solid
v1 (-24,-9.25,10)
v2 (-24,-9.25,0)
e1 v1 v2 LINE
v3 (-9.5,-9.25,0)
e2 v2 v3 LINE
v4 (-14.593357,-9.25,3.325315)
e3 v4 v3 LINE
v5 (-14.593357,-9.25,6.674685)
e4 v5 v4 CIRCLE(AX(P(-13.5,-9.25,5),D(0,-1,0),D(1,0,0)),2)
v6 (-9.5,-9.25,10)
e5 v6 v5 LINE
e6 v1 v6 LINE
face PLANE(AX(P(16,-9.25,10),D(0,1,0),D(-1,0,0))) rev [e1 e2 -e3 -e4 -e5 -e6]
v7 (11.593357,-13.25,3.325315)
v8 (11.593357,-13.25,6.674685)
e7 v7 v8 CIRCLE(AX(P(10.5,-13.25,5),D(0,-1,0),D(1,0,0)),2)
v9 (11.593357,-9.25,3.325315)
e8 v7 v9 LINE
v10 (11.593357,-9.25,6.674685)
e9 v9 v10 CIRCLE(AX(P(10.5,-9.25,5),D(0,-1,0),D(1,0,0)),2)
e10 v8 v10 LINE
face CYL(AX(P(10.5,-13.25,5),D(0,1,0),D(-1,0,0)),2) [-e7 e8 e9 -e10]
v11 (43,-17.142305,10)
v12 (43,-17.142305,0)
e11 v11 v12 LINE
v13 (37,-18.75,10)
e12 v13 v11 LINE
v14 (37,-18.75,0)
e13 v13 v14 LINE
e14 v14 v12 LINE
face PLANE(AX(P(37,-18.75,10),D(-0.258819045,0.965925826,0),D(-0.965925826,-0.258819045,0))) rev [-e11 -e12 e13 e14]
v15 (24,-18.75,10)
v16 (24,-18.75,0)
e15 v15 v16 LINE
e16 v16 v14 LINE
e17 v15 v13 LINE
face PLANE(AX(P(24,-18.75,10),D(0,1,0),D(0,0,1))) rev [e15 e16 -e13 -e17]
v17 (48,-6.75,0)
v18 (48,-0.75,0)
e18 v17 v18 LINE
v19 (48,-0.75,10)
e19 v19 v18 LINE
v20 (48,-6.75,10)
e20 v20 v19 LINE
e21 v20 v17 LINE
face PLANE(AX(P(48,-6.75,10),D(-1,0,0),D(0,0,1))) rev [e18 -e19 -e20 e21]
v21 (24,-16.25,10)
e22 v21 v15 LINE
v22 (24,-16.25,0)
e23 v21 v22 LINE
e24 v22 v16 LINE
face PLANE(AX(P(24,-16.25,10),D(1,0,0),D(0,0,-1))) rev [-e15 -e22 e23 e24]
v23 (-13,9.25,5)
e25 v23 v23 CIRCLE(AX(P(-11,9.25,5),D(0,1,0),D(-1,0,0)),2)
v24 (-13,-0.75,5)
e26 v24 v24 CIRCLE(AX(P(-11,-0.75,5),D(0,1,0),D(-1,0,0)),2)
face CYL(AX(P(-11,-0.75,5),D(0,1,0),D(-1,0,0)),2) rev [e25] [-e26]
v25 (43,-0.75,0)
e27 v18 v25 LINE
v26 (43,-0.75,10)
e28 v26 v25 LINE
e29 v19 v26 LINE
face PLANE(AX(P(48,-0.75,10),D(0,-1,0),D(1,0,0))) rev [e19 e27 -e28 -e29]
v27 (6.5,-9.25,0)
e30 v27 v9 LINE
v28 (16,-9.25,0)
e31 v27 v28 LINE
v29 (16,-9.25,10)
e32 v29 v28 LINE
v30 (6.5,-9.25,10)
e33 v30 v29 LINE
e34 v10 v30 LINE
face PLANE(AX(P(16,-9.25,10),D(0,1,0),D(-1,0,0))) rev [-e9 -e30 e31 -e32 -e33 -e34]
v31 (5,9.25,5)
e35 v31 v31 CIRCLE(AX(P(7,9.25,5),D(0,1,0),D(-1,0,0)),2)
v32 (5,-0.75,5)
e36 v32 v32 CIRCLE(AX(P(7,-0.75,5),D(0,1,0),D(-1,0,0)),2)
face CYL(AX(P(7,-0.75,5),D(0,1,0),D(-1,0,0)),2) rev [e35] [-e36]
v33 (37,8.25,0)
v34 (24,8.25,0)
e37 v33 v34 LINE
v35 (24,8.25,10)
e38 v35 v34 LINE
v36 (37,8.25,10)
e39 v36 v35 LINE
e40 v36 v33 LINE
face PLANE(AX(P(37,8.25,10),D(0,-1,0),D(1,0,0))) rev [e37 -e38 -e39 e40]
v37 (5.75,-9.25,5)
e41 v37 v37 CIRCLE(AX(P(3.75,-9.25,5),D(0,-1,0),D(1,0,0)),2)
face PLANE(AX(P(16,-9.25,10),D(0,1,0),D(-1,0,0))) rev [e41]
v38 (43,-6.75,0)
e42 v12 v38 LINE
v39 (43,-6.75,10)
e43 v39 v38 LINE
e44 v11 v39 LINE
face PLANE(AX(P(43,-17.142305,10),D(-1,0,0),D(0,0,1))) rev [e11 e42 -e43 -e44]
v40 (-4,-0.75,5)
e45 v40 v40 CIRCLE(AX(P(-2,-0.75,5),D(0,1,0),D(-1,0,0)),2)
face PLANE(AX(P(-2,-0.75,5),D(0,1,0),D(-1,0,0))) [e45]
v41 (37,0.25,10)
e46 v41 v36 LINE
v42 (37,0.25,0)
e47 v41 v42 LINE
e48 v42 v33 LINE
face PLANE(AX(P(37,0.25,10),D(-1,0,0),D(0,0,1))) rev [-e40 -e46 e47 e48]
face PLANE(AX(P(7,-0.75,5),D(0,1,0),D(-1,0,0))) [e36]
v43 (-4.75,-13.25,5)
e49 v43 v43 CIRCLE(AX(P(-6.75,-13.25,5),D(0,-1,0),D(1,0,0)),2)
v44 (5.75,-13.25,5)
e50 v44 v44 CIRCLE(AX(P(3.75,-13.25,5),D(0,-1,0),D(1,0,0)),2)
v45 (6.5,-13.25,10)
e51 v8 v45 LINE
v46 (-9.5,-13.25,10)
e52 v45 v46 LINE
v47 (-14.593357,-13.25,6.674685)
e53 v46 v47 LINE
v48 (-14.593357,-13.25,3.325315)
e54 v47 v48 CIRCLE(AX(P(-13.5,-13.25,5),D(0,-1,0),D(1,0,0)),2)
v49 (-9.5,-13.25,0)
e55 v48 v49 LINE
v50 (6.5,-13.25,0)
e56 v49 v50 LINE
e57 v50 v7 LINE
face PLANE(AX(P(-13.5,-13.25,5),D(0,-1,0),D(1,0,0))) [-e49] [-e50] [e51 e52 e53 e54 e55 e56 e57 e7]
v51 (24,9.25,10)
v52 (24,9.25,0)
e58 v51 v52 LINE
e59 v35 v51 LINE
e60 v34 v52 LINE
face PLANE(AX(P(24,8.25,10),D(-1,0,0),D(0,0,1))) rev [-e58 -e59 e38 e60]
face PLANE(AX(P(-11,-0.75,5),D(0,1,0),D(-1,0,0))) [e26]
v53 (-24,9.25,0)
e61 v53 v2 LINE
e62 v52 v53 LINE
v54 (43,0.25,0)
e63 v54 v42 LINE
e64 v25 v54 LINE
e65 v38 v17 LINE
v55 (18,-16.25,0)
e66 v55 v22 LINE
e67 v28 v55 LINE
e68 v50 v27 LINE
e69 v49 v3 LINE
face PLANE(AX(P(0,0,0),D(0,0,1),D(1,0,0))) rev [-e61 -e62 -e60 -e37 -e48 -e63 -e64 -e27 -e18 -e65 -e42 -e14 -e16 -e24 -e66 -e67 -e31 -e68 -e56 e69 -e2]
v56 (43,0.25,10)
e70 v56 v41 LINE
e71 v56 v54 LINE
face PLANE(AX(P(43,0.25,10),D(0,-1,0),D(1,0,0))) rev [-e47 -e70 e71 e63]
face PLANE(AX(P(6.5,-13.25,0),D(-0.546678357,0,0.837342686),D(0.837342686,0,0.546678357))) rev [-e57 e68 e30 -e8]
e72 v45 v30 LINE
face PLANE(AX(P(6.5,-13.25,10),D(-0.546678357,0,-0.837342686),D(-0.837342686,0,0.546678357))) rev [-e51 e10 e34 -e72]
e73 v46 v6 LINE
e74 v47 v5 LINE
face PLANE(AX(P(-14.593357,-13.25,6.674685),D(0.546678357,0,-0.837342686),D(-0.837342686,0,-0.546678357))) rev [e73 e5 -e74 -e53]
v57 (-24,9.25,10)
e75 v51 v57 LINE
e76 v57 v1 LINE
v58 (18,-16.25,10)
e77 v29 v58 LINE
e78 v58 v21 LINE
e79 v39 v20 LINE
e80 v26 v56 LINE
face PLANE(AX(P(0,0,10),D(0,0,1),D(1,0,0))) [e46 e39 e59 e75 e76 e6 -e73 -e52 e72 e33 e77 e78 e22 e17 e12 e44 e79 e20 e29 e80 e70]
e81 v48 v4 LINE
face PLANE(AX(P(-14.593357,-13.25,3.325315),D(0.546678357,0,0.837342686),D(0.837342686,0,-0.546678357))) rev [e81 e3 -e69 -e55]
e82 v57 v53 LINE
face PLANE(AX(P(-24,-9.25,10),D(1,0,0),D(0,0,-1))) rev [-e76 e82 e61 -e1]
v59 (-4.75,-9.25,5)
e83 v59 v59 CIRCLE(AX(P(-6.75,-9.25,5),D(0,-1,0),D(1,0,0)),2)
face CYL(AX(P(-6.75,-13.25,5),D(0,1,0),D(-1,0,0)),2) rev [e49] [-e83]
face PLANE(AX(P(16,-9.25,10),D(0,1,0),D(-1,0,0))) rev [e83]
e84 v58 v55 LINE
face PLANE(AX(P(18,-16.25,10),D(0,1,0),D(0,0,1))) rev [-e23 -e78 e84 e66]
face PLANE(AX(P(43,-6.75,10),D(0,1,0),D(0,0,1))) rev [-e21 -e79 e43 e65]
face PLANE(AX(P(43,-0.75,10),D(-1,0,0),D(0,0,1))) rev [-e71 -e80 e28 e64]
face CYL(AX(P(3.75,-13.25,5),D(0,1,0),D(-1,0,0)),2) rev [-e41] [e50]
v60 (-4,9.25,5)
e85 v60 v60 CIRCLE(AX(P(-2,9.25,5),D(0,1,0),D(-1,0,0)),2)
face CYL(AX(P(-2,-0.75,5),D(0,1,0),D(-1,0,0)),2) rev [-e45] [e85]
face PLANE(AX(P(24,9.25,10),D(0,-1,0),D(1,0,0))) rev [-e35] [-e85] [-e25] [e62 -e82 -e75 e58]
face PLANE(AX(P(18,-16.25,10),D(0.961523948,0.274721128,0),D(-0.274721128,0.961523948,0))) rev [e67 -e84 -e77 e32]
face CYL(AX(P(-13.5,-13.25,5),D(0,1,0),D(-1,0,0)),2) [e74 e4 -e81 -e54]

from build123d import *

# Parameters (mm, degrees)
EXTRUDE_1_DEPTH     = 10
SKETCH_2_R          = 2
EXTRUDE_2_DEPTH     = 4
SKETCH_3_R          = 2
CUT_EXTRUDE_1_DEPTH = 10


with BuildPart() as part:
    # 草图1 → 凸台-拉伸1 (new body)
    with BuildSketch(Plane.XY):
        Polygon((18, -16.25), (16, -9.25), (-24, -9.25), (-24, 9.25), (24, 9.25), (24, 8.25), (37, 8.25), (37, 0.25), (43, 0.25), (43, -0.75), (48, -0.75), (48, -6.75), (43, -6.75), (43, -17.142304845), (37, -18.75), (24, -18.75), (24, -16.25), align=None)
    extrude(amount=EXTRUDE_1_DEPTH)

    # 草图2 → 凸台-拉伸2 (add)
    with BuildSketch(Plane.XZ.offset(9.25)):
        with BuildLine():
            Line((-14.593356715, 6.674685372), (-9.5, 10))
            Line((-9.5, 10), (6.5, 10))
            Line((6.5, 10), (11.593356715, 6.674685372))
            ThreePointArc((11.593356715, 6.674685372), (12.5, 5), (11.593356715, 3.325314628))
            Line((11.593356715, 3.325314628), (6.5, 0))
            Line((6.5, 0), (-9.5, 0))
            Line((-9.5, 0), (-14.593356715, 3.325314628))
            ThreePointArc((-14.593356715, 3.325314628), (-15.5, 5), (-14.593356715, 6.674685372))
        make_face()
        with Locations((-6.75, 5)):
            Circle(SKETCH_2_R, mode=Mode.SUBTRACT)
        with Locations((3.75, 5)):
            Circle(SKETCH_2_R, mode=Mode.SUBTRACT)
    extrude(amount=EXTRUDE_2_DEPTH)

    # 草图3 → 切除-拉伸1 (cut)
    with BuildSketch(Plane(origin=(0, 9.25, 0), x_dir=(1, 0, 0), z_dir=(0, 1, 0))):
        with Locations(Location((-2, -5, 0), (0, 0, 180))):
            Circle(SKETCH_3_R)
        with Locations(Location((-11, -5, 0), (0, 0, 180))):
            Circle(SKETCH_3_R)
        with Locations(Location((7, -5, 0), (0, 0, 180))):
            Circle(SKETCH_3_R)
    extrude(amount=-CUT_EXTRUDE_1_DEPTH, mode=Mode.SUBTRACT)


solid = part.part
